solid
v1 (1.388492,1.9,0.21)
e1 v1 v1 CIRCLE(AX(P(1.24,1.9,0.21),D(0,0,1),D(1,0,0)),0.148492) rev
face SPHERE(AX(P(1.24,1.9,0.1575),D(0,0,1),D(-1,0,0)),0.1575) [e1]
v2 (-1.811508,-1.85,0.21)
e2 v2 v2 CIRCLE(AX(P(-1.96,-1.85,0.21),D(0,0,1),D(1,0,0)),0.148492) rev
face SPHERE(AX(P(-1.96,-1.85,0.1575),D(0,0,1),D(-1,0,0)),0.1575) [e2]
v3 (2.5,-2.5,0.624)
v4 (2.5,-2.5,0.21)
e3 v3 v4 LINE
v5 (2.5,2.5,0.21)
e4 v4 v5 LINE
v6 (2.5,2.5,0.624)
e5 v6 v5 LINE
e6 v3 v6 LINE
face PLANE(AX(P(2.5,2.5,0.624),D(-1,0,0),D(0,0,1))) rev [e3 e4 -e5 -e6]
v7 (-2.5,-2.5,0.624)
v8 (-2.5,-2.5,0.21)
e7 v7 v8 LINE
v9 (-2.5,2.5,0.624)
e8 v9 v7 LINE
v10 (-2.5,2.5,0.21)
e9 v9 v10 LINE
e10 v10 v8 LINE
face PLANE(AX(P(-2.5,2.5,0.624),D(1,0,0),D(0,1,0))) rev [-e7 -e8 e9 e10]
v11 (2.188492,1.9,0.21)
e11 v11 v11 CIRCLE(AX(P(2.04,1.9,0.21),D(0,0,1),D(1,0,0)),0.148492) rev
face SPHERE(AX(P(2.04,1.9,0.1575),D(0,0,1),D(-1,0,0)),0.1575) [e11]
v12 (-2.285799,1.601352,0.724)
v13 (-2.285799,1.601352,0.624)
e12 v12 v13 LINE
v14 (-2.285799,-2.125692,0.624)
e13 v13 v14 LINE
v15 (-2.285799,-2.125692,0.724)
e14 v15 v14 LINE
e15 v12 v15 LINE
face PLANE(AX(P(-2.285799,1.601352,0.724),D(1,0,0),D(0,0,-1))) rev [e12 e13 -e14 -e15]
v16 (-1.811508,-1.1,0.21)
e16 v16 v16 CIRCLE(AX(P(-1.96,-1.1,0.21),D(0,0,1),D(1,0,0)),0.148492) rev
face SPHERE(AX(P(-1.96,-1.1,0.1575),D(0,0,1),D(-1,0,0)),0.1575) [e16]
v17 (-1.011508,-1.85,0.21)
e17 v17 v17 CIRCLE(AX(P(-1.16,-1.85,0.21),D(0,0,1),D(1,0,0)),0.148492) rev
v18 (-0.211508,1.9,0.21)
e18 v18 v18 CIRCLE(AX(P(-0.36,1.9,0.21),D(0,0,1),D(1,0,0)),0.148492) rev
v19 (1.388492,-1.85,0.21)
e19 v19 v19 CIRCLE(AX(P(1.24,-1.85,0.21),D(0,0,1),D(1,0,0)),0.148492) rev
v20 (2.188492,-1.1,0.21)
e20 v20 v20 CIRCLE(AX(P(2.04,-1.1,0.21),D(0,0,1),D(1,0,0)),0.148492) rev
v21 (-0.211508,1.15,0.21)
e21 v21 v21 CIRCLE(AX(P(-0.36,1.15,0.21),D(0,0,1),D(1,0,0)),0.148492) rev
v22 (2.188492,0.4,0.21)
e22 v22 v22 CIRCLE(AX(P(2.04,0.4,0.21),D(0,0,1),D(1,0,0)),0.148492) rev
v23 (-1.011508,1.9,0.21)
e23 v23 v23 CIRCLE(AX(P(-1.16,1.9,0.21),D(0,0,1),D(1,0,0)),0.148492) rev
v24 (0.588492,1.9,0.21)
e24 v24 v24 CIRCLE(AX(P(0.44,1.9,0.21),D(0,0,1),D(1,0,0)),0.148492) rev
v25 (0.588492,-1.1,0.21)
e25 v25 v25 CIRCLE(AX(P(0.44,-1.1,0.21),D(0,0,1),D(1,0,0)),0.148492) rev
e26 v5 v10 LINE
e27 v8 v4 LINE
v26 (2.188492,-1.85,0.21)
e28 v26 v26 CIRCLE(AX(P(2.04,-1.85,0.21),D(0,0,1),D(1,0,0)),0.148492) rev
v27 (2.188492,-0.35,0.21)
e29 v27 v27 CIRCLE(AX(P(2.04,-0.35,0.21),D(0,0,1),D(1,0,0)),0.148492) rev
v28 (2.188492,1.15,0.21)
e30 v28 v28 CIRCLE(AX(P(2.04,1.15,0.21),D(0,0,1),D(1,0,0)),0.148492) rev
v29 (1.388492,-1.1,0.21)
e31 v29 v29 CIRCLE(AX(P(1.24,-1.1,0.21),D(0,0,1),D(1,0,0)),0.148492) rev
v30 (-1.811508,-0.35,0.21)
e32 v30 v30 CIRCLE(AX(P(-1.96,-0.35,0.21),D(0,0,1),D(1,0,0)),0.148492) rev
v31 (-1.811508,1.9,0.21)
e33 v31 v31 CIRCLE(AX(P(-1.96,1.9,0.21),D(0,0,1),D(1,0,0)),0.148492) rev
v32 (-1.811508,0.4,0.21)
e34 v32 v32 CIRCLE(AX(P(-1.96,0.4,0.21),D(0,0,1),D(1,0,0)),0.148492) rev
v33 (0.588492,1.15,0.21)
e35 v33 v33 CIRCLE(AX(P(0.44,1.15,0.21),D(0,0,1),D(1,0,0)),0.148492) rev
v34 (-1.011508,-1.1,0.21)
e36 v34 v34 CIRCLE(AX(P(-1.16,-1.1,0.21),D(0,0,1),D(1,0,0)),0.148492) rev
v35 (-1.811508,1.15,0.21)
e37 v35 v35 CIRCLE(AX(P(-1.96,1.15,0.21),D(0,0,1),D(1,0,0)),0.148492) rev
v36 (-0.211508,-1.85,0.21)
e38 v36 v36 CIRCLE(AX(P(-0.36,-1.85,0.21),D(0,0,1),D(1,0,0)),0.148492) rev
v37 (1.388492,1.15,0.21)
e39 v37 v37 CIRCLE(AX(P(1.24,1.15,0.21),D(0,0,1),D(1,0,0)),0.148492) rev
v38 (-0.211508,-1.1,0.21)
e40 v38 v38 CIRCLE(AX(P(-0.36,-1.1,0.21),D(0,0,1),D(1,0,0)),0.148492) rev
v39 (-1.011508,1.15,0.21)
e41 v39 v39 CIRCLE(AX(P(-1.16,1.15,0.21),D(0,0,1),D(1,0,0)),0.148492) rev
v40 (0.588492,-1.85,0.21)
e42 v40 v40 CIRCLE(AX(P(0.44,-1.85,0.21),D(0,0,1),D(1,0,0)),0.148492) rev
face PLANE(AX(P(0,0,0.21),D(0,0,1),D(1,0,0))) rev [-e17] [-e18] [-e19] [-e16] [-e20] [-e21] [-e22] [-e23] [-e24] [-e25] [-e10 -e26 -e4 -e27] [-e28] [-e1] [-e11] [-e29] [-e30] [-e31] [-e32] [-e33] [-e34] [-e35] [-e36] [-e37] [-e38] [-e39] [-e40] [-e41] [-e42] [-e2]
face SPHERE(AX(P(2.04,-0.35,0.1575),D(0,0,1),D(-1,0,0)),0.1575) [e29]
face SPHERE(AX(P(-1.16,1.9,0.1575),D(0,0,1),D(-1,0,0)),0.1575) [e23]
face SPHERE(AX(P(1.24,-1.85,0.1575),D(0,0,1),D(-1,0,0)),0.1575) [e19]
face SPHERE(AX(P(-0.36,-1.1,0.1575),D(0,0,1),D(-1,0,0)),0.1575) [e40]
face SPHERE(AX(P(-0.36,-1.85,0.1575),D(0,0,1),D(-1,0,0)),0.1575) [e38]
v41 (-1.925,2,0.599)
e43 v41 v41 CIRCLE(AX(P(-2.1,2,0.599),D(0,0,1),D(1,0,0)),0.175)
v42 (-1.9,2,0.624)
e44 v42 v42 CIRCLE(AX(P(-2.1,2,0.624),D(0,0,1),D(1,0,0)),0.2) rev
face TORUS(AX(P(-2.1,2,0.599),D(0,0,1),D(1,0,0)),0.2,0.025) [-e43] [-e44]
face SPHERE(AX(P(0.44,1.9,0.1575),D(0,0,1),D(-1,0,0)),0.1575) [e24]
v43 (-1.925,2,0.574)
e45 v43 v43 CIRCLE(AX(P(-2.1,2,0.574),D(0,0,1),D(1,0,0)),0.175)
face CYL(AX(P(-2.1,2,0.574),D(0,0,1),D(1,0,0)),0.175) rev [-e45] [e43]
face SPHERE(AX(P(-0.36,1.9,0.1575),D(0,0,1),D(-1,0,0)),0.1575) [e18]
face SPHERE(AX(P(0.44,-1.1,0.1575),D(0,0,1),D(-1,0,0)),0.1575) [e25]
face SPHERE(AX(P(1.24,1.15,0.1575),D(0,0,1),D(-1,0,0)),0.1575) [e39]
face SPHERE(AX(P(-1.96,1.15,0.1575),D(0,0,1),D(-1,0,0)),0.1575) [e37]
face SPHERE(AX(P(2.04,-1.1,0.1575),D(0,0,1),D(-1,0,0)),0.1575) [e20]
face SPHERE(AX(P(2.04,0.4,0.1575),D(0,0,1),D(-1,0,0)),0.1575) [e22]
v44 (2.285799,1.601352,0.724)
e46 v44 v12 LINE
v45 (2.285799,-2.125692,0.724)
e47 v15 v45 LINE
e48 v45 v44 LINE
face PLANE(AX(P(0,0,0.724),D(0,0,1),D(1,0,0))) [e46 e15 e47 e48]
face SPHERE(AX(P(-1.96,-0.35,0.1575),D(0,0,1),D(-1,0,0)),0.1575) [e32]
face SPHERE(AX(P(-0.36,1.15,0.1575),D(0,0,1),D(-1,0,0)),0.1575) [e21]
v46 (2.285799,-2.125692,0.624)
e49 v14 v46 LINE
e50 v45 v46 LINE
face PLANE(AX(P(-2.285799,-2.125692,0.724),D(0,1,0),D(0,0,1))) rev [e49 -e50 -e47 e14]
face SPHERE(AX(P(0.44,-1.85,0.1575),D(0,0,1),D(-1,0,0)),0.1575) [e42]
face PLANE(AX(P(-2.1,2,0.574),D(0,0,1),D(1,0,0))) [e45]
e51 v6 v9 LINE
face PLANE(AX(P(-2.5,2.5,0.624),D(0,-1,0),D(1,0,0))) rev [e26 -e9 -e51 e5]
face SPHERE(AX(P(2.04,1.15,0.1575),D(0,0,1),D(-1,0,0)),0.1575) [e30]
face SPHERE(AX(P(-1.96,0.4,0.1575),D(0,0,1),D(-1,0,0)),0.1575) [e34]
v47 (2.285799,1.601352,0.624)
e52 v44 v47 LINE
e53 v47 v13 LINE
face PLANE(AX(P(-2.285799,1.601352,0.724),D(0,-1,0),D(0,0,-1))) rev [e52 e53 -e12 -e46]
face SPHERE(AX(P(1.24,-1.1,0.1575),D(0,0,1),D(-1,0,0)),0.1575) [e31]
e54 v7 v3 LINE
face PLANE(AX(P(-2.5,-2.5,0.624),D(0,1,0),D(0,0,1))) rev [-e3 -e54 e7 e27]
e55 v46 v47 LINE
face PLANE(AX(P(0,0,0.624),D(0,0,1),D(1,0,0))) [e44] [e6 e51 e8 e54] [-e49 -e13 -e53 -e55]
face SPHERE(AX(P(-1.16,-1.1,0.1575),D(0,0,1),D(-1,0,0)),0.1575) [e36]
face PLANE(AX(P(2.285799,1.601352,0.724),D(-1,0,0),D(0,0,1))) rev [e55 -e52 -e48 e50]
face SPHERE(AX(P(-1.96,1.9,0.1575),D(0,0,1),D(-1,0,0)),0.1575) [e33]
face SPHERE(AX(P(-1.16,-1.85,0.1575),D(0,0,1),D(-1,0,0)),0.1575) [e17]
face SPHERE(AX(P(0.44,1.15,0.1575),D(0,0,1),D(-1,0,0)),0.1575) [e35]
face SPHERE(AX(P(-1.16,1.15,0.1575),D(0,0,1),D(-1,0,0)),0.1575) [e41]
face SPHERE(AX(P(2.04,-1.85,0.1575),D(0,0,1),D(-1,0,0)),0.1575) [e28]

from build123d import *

# Parameters (mm, degrees)
BOSS_EXTRUDE1_START  = 0.21
SKETCH1_W            = 5
SKETCH1_H            = 5
BOSS_EXTRUDE1_DEPTH  = 0.414
LPATTERN1_COUNT      = 6
LPATTERN1_PITCH      = 0.75
LPATTERN1_COUNT_DIR2 = 6
LPATTERN1_PITCH_DIR2 = 0.8
SKETCH4_R            = 0.175
CUT_EXTRUDE1_DEPTH   = 0.05
FILLET1_R            = 0.025
SKETCH5_W            = 4.571597644
SKETCH5_H            = 3.727044465
BOSS_EXTRUDE2_DEPTH  = 0.1


with BuildPart() as part:
    # Sketch1 → Boss-Extrude1 (new body)
    with BuildSketch(Plane.XY.offset(BOSS_EXTRUDE1_START)):
        Rectangle(SKETCH1_W, SKETCH1_H)
    extrude(amount=BOSS_EXTRUDE1_DEPTH)

    # Sketch3 → Revolve1 (revolve)
    with BuildSketch(Plane(origin=(0, 1.9, 0), x_dir=(1, 0, 0), z_dir=(0, 1, 0))):
        with BuildLine():
            Line((-1.96, 0), (-1.96, -0.315))
            ThreePointArc((-1.96, -0.315), (-2.1175, -0.1575), (-1.96, 0))
        make_face()
    revolve1 = revolve(axis=Axis((-1.96, 1.9, 0.1575), (0, 0, -1)))

    # LPattern1: Revolve1 6 × 6, 8 skipped
    with Locations(*[(j * LPATTERN1_PITCH_DIR2, -i * LPATTERN1_PITCH, 0) for i in range(LPATTERN1_COUNT) for j in range(LPATTERN1_COUNT_DIR2) if (i, j) not in ((0, 0), (2, 1), (2, 2), (2, 3), (2, 4), (3, 1), (3, 2), (3, 3), (3, 4))]):
        add(revolve1)

    # Sketch4 → Cut-Extrude1 (cut)
    with BuildSketch(Plane.XY.offset(0.624)):
        with Locations((-2.1, 2)):
            Circle(SKETCH4_R)
    extrude(amount=-CUT_EXTRUDE1_DEPTH, mode=Mode.SUBTRACT)

    # Fillet1
    fillet1_edges = [part.edges().sort_by_distance(p)[0] for p in [
        (-2.275, 2, 0.624),
    ]]
    fillet(fillet1_edges, radius=FILLET1_R)

    # Sketch5 → Boss-Extrude2 (add)
    with BuildSketch(Plane.XY.offset(0.624)):
        with Locations((0, -0.262169795)):
            Rectangle(SKETCH5_W, SKETCH5_H)
    extrude(amount=BOSS_EXTRUDE2_DEPTH)


solid = part.part
